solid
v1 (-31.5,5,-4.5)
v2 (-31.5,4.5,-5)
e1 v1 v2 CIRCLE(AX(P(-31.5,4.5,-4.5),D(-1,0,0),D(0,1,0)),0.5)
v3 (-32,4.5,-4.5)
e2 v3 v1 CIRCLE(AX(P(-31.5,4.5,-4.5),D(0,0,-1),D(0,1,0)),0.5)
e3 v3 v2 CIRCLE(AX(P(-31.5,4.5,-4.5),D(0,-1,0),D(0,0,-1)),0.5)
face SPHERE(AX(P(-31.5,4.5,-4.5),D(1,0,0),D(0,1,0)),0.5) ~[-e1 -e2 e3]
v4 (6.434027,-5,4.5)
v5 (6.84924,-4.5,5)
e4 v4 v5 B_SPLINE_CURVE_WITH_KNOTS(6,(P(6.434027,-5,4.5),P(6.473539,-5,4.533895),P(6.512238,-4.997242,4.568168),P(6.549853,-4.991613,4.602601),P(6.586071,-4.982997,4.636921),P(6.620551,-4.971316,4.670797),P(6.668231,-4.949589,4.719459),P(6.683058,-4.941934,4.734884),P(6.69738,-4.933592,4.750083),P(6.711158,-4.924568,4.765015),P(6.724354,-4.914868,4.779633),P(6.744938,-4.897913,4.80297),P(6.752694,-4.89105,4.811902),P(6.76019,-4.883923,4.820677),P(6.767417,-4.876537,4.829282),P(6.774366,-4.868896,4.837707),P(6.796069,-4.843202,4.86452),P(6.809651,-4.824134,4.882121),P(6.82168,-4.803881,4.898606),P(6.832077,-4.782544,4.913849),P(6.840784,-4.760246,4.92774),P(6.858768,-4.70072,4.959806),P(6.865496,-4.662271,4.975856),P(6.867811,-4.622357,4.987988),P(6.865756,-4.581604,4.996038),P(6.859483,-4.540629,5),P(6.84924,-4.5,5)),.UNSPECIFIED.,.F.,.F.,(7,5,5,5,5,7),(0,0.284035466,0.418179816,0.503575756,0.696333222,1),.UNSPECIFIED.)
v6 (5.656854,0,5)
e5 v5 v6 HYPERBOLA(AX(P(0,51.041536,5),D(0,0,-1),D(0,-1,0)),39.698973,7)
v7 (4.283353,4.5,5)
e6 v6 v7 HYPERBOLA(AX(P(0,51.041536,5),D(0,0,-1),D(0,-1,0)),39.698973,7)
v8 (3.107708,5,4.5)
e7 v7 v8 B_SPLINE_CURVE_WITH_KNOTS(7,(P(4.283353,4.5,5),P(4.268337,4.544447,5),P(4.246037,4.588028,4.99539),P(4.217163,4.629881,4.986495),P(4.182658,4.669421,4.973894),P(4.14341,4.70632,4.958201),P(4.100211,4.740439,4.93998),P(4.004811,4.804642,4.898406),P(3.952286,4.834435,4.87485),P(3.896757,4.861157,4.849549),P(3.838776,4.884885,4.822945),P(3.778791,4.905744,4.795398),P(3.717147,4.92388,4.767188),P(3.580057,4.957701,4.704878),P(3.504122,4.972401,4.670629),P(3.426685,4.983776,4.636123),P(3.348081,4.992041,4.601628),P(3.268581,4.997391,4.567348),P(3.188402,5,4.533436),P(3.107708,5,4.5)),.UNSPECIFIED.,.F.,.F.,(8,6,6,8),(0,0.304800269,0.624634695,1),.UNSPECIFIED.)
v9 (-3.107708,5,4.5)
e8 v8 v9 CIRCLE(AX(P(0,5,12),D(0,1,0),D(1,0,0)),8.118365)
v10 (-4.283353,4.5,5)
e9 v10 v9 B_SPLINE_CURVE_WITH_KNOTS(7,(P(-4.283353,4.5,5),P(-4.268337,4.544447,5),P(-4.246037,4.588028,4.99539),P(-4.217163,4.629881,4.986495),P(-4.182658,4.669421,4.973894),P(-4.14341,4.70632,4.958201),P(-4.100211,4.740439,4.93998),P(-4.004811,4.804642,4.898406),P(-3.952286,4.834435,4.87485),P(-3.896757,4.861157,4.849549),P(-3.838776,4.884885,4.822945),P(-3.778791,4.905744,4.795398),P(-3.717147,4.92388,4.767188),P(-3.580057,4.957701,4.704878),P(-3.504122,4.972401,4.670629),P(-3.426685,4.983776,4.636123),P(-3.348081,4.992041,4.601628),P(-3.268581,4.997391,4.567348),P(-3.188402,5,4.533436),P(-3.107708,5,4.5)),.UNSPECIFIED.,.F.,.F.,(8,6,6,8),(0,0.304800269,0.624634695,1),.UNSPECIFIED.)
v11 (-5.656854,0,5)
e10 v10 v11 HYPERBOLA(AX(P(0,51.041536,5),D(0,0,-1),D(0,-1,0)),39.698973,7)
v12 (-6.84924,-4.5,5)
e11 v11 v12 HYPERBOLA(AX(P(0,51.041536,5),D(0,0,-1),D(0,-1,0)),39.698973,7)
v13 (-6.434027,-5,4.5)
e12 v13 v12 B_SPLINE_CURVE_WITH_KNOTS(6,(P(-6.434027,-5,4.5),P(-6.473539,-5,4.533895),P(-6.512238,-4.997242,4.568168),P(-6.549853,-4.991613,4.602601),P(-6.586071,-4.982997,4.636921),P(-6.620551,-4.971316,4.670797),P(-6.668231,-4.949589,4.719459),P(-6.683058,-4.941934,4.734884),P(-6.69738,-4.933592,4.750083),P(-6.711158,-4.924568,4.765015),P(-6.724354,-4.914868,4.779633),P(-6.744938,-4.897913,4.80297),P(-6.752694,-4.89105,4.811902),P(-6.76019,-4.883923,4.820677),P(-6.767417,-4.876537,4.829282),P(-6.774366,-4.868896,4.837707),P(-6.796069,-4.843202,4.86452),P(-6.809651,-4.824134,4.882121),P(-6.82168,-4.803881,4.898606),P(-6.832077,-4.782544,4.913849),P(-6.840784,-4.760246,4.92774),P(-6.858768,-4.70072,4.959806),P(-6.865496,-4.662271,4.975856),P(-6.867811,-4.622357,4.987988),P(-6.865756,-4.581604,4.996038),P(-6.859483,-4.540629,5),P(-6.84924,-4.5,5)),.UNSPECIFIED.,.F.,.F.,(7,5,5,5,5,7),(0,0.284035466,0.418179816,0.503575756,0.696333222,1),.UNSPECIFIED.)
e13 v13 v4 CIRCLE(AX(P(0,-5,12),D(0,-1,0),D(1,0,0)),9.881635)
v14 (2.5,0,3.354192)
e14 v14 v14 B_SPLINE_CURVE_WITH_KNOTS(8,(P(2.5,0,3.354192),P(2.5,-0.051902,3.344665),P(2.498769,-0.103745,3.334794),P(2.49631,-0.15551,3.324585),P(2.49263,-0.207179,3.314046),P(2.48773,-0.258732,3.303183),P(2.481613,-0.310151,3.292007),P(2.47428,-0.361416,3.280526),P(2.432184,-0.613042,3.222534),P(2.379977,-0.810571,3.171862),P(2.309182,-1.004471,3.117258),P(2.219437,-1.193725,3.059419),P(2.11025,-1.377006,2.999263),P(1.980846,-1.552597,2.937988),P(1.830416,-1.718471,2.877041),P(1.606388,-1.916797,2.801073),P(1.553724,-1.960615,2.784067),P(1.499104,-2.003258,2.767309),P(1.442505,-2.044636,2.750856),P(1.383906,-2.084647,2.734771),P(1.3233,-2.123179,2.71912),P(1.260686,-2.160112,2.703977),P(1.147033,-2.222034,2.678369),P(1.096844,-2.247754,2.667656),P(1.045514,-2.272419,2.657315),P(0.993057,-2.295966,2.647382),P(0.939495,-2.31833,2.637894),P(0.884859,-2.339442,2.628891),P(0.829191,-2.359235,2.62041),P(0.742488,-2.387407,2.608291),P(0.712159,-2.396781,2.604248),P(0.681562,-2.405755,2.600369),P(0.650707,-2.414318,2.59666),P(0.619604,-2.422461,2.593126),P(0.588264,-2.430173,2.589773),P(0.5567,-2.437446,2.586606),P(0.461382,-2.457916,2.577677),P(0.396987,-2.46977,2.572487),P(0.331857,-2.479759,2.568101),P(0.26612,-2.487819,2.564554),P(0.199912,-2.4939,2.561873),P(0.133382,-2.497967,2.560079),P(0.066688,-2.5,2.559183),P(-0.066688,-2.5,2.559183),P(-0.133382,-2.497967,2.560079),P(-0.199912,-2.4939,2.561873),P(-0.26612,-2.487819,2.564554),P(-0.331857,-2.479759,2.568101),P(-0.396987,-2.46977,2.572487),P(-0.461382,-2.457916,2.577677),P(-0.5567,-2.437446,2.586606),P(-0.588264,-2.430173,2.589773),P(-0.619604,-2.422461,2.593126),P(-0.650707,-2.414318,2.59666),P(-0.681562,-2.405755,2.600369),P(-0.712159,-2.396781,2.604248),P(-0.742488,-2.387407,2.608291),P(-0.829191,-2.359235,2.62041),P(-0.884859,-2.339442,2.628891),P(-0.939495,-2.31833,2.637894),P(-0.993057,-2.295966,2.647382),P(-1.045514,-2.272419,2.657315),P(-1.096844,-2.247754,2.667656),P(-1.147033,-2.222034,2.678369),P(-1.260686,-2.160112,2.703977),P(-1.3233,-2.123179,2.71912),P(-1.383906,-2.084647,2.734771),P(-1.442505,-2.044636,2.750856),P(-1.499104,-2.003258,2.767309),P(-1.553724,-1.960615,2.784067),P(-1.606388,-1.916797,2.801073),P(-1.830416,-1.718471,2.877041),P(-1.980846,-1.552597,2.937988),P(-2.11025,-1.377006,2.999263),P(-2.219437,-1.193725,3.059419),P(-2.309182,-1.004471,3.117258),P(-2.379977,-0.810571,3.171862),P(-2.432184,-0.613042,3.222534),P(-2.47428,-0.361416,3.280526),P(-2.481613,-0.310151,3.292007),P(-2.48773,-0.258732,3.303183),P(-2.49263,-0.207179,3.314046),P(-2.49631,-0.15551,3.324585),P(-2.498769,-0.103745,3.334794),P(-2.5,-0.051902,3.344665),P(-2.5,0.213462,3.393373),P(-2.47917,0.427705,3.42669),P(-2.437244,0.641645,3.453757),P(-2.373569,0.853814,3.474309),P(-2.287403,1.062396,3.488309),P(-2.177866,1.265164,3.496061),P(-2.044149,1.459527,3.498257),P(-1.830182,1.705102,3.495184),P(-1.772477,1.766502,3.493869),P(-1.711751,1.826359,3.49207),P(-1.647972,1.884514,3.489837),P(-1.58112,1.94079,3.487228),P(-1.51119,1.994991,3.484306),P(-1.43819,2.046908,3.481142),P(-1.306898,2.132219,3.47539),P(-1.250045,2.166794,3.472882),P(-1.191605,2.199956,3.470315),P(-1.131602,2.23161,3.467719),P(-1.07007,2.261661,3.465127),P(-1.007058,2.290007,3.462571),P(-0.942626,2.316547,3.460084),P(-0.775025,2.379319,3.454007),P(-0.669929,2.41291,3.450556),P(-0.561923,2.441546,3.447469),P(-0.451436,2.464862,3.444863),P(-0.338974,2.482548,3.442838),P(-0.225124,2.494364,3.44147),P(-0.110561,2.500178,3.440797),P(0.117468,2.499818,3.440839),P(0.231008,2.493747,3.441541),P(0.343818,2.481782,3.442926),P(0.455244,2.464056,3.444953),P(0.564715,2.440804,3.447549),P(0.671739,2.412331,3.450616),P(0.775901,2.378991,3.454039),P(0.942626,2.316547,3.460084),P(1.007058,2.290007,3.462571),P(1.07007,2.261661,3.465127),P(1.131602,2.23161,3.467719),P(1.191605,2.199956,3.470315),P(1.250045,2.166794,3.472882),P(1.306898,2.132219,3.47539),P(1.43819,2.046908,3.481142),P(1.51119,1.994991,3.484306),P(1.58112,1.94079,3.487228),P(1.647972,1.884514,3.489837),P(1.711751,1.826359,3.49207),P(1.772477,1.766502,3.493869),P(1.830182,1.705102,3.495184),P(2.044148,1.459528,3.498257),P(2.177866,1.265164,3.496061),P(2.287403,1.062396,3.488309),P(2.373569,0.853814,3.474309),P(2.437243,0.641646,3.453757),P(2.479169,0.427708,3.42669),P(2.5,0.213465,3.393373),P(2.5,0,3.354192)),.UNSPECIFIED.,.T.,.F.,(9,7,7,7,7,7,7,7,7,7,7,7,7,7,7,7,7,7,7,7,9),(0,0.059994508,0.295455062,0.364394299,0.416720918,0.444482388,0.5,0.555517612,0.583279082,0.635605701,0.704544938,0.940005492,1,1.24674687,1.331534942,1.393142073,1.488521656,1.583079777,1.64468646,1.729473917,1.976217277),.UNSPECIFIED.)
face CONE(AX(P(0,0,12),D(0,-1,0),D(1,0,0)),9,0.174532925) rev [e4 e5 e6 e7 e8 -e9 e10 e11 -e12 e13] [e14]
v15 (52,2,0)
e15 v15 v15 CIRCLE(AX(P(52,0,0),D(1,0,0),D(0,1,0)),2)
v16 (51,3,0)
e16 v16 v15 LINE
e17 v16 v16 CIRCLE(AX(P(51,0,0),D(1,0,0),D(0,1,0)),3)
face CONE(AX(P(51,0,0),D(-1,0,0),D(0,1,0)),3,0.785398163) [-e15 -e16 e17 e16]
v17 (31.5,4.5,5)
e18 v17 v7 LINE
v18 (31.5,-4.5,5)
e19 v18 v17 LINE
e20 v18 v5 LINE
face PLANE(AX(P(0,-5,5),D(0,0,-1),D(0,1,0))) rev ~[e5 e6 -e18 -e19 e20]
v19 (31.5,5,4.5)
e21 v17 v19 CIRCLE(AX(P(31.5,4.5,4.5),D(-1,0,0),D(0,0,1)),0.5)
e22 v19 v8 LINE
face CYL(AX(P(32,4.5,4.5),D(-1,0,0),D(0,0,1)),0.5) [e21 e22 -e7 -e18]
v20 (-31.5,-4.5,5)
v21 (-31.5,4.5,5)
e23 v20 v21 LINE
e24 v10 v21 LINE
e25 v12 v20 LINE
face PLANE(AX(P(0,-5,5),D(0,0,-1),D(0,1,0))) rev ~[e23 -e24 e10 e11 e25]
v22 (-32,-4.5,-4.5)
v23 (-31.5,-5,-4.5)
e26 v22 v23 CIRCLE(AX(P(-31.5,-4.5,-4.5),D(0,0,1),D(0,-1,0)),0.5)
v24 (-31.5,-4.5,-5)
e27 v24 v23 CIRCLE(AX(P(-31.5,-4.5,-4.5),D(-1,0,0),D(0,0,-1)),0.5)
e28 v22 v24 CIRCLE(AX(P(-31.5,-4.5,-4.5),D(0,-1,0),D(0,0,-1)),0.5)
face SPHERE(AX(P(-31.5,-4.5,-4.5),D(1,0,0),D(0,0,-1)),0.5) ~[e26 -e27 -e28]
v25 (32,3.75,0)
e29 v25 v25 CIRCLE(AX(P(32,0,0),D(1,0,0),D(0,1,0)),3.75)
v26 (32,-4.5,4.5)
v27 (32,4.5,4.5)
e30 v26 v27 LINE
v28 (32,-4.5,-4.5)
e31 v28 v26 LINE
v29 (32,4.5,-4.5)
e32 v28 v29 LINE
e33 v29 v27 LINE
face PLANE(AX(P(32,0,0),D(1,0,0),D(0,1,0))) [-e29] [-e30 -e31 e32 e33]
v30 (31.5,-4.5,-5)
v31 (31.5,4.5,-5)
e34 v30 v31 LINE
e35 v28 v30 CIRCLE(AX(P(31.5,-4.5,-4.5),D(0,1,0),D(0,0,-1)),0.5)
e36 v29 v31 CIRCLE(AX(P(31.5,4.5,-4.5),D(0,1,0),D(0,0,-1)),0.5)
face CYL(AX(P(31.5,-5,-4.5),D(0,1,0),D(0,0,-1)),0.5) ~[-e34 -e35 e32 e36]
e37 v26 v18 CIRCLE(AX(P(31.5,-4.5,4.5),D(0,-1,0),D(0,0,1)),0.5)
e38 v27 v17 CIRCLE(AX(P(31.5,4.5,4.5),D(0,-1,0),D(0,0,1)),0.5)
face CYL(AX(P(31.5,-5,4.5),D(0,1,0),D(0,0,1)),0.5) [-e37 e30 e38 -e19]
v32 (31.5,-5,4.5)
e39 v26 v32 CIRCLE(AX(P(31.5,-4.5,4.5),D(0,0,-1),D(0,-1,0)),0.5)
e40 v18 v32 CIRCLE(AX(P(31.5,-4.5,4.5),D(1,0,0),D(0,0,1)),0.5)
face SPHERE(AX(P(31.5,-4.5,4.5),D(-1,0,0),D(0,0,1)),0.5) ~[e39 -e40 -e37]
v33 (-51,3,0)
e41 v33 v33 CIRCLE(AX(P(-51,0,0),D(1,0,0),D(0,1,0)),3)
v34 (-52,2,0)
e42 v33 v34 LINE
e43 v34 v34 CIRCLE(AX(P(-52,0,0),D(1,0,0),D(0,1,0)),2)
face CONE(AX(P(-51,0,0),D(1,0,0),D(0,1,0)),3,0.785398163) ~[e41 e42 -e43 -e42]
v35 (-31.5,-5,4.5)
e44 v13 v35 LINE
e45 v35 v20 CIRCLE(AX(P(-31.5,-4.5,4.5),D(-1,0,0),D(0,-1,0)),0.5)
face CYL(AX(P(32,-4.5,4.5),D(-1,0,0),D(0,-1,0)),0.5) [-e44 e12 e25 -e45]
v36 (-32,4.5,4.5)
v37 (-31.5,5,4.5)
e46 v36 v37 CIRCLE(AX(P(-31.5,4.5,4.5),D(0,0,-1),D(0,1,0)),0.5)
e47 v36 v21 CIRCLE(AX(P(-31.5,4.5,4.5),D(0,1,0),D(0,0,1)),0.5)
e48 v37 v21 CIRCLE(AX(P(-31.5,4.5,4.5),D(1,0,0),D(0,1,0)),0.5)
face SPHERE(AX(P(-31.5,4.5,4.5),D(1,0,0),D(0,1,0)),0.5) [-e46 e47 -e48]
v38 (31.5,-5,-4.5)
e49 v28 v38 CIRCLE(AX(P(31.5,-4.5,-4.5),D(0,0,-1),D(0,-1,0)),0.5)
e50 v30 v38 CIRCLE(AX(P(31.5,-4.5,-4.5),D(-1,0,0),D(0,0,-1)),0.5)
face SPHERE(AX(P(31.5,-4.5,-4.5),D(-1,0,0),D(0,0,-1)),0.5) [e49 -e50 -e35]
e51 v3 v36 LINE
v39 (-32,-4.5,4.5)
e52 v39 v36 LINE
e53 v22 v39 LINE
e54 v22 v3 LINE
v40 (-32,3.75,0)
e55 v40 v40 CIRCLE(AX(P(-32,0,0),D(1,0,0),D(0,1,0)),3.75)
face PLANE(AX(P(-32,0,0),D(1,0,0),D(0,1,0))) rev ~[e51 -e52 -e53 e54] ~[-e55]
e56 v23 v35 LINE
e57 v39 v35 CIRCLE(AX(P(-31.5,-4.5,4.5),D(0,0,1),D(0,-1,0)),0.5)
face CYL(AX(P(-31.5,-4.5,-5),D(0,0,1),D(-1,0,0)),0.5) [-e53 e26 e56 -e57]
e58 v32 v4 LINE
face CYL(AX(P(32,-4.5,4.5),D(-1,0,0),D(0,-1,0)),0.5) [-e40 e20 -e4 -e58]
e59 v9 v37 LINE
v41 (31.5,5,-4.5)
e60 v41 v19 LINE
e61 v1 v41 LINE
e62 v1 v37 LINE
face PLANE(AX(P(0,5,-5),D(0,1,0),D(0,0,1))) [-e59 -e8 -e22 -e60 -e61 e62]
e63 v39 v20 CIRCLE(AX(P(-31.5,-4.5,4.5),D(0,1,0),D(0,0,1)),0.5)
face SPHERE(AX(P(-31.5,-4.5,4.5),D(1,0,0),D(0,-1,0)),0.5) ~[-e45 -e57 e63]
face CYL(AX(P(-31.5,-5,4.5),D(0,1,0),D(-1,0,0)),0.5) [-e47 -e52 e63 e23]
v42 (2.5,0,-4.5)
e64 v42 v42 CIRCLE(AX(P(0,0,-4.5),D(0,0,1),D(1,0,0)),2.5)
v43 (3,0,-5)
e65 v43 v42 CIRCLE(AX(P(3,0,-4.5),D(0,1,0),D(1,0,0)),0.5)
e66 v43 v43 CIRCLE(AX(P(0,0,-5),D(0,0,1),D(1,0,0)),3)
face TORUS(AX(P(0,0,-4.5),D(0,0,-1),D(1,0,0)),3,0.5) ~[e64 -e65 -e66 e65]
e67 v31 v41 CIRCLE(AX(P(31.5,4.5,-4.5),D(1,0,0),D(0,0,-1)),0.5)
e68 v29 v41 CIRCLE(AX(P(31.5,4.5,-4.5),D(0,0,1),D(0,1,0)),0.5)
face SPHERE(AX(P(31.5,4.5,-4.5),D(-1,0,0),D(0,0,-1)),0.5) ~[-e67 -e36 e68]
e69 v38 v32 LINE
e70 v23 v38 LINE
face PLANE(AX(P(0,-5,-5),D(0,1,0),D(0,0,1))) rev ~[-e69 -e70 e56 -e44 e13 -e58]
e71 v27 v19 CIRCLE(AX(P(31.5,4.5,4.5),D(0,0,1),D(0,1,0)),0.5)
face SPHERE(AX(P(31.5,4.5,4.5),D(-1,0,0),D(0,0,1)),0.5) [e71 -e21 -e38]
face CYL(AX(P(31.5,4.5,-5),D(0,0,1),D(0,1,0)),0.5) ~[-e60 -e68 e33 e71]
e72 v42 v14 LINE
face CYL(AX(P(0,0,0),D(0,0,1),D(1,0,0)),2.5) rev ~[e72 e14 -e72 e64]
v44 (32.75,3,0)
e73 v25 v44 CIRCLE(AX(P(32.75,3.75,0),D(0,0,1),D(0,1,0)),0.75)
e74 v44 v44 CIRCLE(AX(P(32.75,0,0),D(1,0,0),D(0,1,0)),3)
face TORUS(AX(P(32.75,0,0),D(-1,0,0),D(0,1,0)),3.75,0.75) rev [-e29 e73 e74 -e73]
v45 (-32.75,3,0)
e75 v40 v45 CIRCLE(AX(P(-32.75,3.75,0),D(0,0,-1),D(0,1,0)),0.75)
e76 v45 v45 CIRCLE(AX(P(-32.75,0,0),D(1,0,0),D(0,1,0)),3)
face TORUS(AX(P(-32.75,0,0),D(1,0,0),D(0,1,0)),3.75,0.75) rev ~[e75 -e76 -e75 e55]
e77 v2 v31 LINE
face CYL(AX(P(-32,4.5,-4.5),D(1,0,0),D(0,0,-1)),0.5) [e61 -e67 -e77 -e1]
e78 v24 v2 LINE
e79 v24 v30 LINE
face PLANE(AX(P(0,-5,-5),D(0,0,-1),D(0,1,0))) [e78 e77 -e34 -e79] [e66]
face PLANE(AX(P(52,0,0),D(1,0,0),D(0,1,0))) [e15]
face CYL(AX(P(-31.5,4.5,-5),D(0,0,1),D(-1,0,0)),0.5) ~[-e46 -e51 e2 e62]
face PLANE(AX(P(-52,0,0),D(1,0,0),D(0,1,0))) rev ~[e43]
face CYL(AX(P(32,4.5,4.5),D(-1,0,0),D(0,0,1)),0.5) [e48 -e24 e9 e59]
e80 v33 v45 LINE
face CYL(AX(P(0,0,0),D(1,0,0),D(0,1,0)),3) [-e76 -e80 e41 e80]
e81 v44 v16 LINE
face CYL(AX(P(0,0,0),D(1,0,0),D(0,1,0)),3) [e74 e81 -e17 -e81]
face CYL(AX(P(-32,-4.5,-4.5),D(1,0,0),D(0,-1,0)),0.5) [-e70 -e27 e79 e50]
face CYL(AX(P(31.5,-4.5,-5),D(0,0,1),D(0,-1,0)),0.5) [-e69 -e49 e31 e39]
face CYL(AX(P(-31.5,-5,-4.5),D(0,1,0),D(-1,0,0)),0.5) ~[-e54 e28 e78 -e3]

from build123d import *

# Parameters (mm, degrees)
F0_W           = 10
F0_H           = 10
F1_DEPTH       = 32
F2_R           = 3
F3_DEPTH       = 52
F4_R           = 2.5
F5_DEPTH       = 12.5
F6_SIZE        = 1
F7_R           = 0.5
F8_R           = 0.75
F9_R           = 9
F10_DEPTH      = 25
F10_TAPER      = -10
F10_DEPTH_BACK = 25
F10_TAPER_BACK = 10


with BuildPart() as f1:
    # F0 (on Right) → F1 (new body, symmetric)
    with BuildSketch(Plane.YZ):
        Rectangle(F0_W, F0_H)
    extrude(amount=F1_DEPTH, both=True)

    # F2 (on Right) → F3 (join, symmetric)
    with BuildSketch(Plane.YZ):
        Circle(F2_R)
    extrude(amount=F3_DEPTH, both=True)

    # F4 (on Top) → F5 (cut, symmetric)
    with BuildSketch(Plane.XY):
        Circle(F4_R)
    extrude(amount=F5_DEPTH, both=True, mode=Mode.SUBTRACT)

    # F6
    f6_edges = [f1.edges().sort_by_distance(p)[0] for p in [
        (52, -3, 0),
        (-52, -3, 0),
    ]]
    chamfer(f6_edges, length=F6_SIZE)

    # F7
    f7_edges = [f1.edges().sort_by_distance(p)[0] for p in [
        (0, -5, 5),
        (0, 5, 5),
        (0, -5, -5),
        (0, 5, -5),
        (-32, 5, 0),
        (-32, 0, -5),
        (32, 0, -5),
        (-2.5, 0, -5),
        (-32, -5, 0),
        (-32, 0, 5),
        (32, 0, 5),
        (32, -5, 0),
        (32, 5, 0),
    ]]
    fillet(f7_edges, radius=F7_R)

    # F8
    f8_edges = [f1.edges().sort_by_distance(p)[0] for p in [
        (32, -3, 0),
        (-32, -3, 0),
    ]]
    fillet(f8_edges, radius=F8_R)

    # F9 (on Front) → F10 (cut, two sides)
    with BuildSketch(Plane.XZ) as f10_sk:
        with Locations((0, 12)):
            Circle(F9_R)
    extrude(amount=F10_DEPTH, taper=F10_TAPER, mode=Mode.SUBTRACT)
    extrude(f10_sk.sketch, amount=-F10_DEPTH_BACK, taper=F10_TAPER_BACK, mode=Mode.SUBTRACT)


solid = f1.part
